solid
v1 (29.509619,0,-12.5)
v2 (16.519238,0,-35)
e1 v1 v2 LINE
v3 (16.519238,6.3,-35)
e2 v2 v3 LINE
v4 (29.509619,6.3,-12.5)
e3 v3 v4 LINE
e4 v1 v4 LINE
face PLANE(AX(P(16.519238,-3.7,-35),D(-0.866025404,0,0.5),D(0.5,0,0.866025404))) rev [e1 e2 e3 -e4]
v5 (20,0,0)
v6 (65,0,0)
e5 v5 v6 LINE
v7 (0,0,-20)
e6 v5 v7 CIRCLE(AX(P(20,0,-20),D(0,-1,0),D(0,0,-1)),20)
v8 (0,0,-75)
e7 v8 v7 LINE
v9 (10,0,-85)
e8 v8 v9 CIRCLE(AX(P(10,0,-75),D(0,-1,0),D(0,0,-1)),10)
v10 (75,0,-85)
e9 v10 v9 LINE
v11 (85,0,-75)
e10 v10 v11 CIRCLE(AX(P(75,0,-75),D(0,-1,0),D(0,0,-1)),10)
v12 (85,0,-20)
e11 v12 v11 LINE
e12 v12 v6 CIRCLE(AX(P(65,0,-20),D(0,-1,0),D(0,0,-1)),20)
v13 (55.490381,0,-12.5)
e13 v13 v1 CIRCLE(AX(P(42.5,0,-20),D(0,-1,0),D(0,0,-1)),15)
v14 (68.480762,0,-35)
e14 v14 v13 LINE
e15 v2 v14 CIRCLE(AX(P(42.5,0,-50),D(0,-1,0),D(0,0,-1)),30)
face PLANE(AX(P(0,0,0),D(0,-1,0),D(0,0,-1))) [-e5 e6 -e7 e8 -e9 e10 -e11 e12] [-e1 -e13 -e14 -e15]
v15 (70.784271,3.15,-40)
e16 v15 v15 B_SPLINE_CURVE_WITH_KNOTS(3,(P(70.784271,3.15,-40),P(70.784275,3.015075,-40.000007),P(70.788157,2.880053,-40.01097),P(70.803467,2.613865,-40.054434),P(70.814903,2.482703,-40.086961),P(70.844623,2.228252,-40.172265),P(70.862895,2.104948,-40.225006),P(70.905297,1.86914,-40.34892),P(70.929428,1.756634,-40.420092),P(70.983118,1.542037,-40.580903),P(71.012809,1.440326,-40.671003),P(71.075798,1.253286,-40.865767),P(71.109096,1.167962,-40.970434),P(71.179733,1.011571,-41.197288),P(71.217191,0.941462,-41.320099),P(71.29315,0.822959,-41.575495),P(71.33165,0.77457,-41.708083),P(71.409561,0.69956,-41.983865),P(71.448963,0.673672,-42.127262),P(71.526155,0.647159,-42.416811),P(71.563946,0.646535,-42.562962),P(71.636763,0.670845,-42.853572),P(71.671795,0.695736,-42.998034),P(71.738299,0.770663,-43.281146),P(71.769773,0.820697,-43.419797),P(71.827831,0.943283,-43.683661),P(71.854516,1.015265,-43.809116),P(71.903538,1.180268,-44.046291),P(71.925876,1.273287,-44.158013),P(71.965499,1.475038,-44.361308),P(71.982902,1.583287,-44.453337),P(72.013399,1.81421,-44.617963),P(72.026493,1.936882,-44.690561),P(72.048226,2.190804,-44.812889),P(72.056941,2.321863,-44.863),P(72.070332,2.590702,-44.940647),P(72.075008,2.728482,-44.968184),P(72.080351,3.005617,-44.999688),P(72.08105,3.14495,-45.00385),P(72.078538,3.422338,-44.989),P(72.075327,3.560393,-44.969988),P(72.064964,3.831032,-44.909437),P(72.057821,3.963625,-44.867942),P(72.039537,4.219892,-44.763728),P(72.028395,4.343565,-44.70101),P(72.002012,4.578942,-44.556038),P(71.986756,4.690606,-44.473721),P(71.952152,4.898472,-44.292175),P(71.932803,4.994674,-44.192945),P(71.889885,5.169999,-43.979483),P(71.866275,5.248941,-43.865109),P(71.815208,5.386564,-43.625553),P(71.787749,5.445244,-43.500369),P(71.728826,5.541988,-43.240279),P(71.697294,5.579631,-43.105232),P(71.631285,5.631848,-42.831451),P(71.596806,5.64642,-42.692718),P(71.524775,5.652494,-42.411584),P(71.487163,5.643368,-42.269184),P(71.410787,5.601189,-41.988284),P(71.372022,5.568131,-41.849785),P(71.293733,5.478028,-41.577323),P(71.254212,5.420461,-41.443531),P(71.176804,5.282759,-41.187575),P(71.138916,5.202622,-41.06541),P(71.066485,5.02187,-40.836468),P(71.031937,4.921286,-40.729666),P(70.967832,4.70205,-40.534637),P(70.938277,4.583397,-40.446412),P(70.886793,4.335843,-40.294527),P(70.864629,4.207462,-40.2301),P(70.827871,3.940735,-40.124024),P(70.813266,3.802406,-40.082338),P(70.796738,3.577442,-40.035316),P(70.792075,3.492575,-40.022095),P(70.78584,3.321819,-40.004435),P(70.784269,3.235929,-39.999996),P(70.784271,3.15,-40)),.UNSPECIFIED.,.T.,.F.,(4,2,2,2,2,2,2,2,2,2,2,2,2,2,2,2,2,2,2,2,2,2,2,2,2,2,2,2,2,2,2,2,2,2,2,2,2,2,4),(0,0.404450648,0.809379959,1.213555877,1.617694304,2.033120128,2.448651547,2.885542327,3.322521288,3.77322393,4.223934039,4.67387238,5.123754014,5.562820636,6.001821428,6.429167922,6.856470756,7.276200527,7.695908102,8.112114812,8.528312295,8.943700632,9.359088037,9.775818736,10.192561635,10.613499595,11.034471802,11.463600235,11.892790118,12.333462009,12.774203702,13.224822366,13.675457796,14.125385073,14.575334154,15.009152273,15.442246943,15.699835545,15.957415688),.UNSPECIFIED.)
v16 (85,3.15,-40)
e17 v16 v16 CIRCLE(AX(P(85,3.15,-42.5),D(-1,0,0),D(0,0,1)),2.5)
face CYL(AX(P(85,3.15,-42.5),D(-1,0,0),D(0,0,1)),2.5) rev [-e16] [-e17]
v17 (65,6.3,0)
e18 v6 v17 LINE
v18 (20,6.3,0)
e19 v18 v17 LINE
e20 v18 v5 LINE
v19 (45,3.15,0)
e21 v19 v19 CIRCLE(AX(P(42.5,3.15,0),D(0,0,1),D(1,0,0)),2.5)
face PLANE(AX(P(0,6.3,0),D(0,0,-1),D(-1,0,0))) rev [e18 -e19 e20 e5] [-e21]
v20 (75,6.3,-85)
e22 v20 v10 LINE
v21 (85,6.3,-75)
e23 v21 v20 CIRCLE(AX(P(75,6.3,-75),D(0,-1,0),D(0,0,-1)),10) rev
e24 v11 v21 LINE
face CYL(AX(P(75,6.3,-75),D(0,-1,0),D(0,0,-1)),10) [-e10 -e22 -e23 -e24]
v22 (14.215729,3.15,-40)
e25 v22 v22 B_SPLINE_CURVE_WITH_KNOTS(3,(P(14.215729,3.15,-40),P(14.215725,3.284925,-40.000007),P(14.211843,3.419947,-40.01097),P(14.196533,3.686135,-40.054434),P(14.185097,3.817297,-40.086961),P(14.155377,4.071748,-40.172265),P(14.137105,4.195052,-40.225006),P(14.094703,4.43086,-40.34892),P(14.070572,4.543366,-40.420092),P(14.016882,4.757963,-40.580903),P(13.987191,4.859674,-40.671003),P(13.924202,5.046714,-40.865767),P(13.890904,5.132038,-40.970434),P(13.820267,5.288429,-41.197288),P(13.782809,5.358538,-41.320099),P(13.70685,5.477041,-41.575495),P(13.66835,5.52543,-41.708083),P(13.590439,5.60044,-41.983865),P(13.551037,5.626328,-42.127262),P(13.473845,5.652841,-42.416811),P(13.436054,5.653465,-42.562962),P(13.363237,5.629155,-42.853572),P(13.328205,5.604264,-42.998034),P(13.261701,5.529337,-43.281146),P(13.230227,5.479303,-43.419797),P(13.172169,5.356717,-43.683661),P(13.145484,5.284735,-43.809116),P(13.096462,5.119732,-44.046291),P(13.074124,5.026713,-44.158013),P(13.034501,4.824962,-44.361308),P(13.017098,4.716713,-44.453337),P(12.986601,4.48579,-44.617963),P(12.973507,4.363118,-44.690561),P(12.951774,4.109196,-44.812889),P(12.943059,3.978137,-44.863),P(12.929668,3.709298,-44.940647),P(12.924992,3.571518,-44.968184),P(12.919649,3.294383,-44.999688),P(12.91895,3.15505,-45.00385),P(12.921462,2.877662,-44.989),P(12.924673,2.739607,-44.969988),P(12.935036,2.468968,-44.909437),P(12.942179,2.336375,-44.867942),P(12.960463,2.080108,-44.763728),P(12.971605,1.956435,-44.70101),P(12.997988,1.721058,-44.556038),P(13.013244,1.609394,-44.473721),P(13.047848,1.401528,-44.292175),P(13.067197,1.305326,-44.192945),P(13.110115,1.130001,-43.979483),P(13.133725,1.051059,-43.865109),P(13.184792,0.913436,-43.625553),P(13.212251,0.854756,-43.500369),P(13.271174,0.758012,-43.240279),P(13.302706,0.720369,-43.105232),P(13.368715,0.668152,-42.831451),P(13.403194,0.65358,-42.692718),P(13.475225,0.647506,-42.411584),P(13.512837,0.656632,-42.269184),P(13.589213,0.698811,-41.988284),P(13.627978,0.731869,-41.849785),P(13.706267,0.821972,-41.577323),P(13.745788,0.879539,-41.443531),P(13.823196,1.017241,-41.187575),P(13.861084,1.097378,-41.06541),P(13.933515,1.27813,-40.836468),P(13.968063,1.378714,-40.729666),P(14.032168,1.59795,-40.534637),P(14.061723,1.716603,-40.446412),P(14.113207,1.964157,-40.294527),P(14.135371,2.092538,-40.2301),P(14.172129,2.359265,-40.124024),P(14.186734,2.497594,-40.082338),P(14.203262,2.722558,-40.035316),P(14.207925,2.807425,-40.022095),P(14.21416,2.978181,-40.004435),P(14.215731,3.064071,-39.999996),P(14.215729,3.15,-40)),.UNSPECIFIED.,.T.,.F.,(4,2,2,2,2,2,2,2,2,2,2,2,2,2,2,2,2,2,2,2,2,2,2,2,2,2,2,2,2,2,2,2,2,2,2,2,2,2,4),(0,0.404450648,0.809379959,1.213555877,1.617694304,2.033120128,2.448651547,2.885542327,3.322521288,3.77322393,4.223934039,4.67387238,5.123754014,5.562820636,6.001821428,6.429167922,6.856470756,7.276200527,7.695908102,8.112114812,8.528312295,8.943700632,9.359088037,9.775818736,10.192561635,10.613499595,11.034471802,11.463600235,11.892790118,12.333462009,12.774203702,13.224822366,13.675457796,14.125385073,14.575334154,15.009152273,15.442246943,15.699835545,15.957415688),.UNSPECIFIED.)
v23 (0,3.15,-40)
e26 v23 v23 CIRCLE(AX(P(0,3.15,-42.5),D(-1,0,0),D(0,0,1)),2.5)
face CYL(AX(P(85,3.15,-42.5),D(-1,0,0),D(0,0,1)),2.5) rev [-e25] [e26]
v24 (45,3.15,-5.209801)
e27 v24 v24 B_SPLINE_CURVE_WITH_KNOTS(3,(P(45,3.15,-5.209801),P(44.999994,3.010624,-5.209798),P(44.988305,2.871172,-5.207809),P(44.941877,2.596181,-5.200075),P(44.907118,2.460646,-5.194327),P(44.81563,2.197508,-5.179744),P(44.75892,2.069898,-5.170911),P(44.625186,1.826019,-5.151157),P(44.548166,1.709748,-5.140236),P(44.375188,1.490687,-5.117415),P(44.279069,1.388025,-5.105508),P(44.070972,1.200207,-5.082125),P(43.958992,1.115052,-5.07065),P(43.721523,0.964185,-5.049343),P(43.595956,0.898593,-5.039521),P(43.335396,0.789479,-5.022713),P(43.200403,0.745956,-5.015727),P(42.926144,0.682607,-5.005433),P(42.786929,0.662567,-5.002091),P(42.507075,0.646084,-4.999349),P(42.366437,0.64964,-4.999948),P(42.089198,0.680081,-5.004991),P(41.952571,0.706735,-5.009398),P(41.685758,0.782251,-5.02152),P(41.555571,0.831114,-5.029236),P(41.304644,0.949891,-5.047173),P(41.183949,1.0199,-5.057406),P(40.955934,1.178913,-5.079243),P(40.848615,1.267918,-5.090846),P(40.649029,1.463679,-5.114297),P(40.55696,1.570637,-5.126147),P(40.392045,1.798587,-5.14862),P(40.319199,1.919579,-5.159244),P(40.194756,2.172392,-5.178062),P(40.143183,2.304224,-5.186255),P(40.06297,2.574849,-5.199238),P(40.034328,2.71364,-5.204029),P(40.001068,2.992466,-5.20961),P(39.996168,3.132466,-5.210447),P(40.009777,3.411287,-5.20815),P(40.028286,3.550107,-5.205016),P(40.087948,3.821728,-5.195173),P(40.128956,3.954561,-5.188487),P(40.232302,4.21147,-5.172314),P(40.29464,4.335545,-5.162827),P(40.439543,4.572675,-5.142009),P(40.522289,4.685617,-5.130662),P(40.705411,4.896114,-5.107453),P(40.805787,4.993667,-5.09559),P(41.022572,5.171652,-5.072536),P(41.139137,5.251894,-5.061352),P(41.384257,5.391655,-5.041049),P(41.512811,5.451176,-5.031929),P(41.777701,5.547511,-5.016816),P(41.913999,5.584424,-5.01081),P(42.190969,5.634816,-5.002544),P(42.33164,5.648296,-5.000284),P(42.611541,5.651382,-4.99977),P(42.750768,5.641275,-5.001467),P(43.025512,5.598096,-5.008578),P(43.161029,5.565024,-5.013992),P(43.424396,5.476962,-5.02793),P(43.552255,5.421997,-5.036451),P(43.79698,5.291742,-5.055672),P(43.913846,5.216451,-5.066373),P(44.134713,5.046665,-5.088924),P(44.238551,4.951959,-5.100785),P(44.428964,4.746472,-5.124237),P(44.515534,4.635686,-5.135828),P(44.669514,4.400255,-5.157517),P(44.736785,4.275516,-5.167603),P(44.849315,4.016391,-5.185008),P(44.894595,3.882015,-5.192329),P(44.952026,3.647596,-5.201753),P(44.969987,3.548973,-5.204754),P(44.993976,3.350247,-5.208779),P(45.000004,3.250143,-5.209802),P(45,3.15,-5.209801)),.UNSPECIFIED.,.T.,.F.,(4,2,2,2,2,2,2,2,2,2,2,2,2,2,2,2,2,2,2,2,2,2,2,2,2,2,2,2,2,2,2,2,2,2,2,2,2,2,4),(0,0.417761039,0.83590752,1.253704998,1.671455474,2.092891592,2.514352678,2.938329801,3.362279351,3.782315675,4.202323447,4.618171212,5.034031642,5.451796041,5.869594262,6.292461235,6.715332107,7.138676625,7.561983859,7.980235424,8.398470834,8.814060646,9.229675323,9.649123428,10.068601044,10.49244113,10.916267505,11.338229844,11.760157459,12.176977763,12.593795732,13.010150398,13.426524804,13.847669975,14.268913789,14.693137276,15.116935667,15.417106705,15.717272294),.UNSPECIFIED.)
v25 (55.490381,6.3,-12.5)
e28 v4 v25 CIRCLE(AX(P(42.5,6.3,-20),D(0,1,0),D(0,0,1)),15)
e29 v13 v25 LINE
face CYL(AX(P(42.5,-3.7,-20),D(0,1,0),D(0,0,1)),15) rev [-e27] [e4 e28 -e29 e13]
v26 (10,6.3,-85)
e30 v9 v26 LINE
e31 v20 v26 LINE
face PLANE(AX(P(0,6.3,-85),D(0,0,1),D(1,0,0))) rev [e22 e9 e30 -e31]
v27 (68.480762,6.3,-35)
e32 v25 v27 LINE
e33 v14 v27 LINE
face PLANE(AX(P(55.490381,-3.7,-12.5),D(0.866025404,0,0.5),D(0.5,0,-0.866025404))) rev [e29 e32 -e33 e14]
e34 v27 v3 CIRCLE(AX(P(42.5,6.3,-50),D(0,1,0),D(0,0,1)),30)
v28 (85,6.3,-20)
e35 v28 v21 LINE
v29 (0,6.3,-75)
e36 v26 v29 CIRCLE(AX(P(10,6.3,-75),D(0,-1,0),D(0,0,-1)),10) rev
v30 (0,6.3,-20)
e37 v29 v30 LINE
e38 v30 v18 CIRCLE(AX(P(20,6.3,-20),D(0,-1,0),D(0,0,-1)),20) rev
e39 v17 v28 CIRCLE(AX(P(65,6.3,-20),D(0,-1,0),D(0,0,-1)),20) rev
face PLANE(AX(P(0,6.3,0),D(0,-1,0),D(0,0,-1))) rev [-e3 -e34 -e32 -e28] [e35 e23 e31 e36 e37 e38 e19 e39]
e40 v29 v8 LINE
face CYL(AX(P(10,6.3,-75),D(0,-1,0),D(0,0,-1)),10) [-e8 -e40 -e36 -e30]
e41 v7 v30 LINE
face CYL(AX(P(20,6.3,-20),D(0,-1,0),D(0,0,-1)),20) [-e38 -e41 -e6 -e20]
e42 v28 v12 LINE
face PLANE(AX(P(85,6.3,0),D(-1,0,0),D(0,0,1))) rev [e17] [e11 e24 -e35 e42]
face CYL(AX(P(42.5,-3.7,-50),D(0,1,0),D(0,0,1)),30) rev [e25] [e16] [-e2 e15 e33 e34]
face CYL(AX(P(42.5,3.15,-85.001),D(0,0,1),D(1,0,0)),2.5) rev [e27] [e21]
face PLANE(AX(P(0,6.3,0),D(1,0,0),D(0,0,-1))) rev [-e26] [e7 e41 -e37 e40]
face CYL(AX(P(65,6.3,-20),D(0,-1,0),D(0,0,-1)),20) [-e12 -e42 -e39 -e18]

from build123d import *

# Parameters (mm, degrees)
SKETCH1_W           = 85
SKETCH1_H           = 85
BOSS_EXTRUDE1_DEPTH = 6.3
CUT_EXTRUDE1_DEPTH  = 10
CUT_EXTRUDE2_REACH  = 87
SKETCH3_R           = 2.5
SKETCH4_R           = 2.5
CUT_EXTRUDE3_DEPTH  = 86
FILLET1_R           = 20
FILLET2_R           = 10


with BuildPart() as part:
    # Sketch1 → Boss-Extrude1 (new body)
    with BuildSketch(Plane(origin=(0, 0, 0), x_dir=(1, 0, 0), z_dir=(0, 1, 0))):
        with Locations((42.5, 42.5)):
            Rectangle(SKETCH1_W, SKETCH1_H)
    extrude(amount=BOSS_EXTRUDE1_DEPTH)

    # Sketch2 → Cut-Extrude1 (cut)
    with BuildSketch(Plane(origin=(0, 6.3, 0), x_dir=(1, 0, 0), z_dir=(0, 1, 0))):
        with BuildLine():
            Line((16.519237886, 35), (29.509618943, 12.5))
            ThreePointArc((29.509618943, 12.5), (42.5, 5), (55.490381057, 12.5))
            Line((55.490381057, 12.5), (68.480762114, 35))
            ThreePointArc((68.480762114, 35), (42.5, 80), (16.519237886, 35))
        make_face()
    extrude(amount=-CUT_EXTRUDE1_DEPTH, mode=Mode.SUBTRACT)

    # Sketch3 → Cut-Extrude2 (cut, up to next)
    with BuildSketch(Plane.XY, mode=Mode.PRIVATE) as cut_extrude2_sk1:
        with Locations((42.5, 3.15)):
            Circle(SKETCH3_R)
    cut_extrude2_tool1 = extrude(cut_extrude2_sk1.sketch, amount=-CUT_EXTRUDE2_REACH, mode=Mode.PRIVATE) & part.part
    add(cut_extrude2_tool1.solids().sort_by_distance((42.5, 3.15, 0))[0], mode=Mode.SUBTRACT)

    # Sketch4 → Cut-Extrude3 (cut, through all)
    with BuildSketch(Plane.ZY):
        with Locations((-42.5, 3.15)):
            Circle(SKETCH4_R)
    extrude(amount=-CUT_EXTRUDE3_DEPTH, mode=Mode.SUBTRACT)

    # Fillet1
    fillet1_edges = [part.edges().sort_by_distance(p)[0] for p in [
        (85, 3.15, 0),
        (0, 3.15, 0),
    ]]
    fillet(fillet1_edges, radius=FILLET1_R)

    # Fillet2
    fillet2_edges = [part.edges().sort_by_distance(p)[0] for p in [
        (0, 3.15, -85),
        (85, 3.15, -85),
    ]]
    fillet(fillet2_edges, radius=FILLET2_R)


solid = part.part
